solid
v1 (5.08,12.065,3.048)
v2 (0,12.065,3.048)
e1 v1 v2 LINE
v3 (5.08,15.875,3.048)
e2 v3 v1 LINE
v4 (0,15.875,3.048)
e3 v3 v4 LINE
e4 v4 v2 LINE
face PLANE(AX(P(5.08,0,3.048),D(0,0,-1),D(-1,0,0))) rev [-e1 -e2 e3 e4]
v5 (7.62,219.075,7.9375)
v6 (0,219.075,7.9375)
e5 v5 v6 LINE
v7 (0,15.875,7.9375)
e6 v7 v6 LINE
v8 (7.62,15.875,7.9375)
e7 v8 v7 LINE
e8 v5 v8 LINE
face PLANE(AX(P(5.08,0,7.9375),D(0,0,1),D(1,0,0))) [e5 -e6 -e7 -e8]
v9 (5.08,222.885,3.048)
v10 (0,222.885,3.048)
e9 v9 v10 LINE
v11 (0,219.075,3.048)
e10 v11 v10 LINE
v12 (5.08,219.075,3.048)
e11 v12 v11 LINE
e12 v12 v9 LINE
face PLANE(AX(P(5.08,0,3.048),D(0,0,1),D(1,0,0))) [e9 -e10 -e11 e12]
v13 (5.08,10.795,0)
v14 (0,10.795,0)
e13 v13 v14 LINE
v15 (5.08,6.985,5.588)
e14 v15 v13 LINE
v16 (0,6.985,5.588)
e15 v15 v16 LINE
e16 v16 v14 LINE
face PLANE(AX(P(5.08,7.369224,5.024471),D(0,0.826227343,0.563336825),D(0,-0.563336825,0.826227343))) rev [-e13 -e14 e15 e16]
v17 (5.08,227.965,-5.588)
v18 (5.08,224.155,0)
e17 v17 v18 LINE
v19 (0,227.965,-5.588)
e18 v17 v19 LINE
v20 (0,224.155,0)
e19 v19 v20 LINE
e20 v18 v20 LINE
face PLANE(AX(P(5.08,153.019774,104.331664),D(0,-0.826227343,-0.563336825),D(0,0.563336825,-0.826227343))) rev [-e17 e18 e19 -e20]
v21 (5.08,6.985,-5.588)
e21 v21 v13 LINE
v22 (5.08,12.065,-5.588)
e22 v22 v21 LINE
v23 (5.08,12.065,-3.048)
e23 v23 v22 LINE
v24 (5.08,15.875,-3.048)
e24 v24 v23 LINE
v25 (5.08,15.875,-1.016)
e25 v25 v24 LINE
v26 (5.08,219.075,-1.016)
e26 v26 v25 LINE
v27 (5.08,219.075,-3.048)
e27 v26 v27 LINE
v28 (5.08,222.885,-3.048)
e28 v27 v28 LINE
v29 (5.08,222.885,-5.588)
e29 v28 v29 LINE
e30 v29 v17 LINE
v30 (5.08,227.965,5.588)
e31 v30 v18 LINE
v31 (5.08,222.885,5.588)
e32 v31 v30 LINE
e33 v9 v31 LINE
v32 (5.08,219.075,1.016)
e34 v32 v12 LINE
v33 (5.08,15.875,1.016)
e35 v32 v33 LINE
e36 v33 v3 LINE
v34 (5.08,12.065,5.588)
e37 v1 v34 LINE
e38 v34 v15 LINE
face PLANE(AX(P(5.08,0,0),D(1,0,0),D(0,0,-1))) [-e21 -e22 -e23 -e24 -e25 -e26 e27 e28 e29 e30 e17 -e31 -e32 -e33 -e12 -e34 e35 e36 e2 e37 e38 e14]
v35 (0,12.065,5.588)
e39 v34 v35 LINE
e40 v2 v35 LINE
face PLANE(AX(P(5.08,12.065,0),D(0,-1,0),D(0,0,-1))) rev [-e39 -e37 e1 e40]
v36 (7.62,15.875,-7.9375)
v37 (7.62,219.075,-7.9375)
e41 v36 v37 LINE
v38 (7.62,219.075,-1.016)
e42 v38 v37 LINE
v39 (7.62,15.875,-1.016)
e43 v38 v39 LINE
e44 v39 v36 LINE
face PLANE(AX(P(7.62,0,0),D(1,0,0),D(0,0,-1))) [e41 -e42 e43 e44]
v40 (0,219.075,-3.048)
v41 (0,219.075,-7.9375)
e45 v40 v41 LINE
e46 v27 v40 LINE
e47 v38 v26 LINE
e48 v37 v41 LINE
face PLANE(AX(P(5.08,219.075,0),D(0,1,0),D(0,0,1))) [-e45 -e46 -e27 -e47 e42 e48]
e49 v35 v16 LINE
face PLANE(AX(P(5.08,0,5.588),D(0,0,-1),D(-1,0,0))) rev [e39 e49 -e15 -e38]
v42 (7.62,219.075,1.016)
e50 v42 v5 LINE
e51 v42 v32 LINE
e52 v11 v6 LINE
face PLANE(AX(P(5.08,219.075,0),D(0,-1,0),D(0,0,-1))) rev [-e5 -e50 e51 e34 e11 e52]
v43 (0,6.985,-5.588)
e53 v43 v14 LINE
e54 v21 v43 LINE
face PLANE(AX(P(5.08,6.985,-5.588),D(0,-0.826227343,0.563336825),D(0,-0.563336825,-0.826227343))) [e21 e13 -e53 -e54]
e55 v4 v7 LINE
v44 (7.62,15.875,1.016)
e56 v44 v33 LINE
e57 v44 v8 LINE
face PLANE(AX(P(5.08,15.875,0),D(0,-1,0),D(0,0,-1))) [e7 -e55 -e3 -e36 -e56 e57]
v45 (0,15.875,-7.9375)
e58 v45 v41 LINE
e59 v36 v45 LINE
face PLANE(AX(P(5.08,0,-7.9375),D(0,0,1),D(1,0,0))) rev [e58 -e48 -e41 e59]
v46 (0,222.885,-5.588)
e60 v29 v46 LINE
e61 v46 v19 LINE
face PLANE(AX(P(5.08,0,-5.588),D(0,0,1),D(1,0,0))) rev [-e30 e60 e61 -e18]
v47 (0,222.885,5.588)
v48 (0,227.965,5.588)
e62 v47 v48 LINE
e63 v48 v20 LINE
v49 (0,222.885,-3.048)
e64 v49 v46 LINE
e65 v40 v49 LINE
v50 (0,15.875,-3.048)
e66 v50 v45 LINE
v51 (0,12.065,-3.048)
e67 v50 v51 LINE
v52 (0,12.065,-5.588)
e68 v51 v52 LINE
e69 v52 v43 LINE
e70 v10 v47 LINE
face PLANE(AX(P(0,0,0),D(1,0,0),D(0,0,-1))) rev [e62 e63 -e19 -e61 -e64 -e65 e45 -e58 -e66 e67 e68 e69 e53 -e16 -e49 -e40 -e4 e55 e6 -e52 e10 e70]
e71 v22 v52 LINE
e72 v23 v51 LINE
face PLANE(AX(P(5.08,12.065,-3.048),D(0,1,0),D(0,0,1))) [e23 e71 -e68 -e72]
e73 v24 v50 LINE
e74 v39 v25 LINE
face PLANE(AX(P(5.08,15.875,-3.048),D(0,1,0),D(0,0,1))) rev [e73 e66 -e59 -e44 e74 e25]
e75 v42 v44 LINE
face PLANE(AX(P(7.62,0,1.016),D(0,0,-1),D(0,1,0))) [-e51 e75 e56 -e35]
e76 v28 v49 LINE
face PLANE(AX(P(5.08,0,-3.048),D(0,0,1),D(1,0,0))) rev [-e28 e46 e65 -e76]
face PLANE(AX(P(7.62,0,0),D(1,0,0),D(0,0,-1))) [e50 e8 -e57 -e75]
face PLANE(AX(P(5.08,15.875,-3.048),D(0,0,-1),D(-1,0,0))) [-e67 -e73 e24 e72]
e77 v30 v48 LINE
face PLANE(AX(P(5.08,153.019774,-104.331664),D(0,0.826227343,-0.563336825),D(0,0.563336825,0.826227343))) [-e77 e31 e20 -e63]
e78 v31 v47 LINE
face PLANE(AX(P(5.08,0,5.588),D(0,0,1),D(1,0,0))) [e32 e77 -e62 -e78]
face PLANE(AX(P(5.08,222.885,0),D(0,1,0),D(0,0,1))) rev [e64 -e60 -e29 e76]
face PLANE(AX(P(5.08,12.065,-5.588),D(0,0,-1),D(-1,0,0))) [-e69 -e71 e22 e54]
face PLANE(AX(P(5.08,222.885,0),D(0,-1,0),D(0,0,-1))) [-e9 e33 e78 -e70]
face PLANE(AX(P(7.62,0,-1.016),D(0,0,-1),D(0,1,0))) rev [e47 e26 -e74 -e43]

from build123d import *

# Parameters (mm, degrees)
BOSS_EXTRUDE1_DEPTH = 5.08
SKETCH2_W           = 6.9215
SKETCH2_H           = 203.2
BOSS_EXTRUDE2_DEPTH = 2.54


with BuildPart() as part:
    # Sketch1 → Boss-Extrude1 (new body)
    with BuildSketch(Plane(origin=(0, 0, 0), x_dir=(0, 0, -1), z_dir=(1, 0, 0))):
        Polygon((-3.048, 15.875), (-7.9375, 15.875), (-7.9375, 219.075), (-3.048, 219.075), (-3.048, 222.885), (-5.588, 222.885), (-5.588, 227.965), (0, 224.155), (5.588, 227.965), (5.588, 222.885), (3.048, 222.885), (3.048, 219.075), (7.9375, 219.075), (7.9375, 15.875), (3.048, 15.875), (3.048, 12.065), (5.588, 12.065), (5.588, 6.985), (0, 10.795), (-5.588, 6.985), (-5.588, 12.065), (-3.048, 12.065), align=None)
    extrude(amount=BOSS_EXTRUDE1_DEPTH)

    # Sketch2 → Boss-Extrude2 (add)
    with BuildSketch(Plane(origin=(5.08, 0, 0), x_dir=(0, 0, -1), z_dir=(1, 0, 0))):
        with Locations((4.47675, 117.475)):
            Rectangle(SKETCH2_W, SKETCH2_H)
        with Locations((-4.47675, 117.475)):
            Rectangle(SKETCH2_W, SKETCH2_H)
    extrude(amount=BOSS_EXTRUDE2_DEPTH)


solid = part.part
